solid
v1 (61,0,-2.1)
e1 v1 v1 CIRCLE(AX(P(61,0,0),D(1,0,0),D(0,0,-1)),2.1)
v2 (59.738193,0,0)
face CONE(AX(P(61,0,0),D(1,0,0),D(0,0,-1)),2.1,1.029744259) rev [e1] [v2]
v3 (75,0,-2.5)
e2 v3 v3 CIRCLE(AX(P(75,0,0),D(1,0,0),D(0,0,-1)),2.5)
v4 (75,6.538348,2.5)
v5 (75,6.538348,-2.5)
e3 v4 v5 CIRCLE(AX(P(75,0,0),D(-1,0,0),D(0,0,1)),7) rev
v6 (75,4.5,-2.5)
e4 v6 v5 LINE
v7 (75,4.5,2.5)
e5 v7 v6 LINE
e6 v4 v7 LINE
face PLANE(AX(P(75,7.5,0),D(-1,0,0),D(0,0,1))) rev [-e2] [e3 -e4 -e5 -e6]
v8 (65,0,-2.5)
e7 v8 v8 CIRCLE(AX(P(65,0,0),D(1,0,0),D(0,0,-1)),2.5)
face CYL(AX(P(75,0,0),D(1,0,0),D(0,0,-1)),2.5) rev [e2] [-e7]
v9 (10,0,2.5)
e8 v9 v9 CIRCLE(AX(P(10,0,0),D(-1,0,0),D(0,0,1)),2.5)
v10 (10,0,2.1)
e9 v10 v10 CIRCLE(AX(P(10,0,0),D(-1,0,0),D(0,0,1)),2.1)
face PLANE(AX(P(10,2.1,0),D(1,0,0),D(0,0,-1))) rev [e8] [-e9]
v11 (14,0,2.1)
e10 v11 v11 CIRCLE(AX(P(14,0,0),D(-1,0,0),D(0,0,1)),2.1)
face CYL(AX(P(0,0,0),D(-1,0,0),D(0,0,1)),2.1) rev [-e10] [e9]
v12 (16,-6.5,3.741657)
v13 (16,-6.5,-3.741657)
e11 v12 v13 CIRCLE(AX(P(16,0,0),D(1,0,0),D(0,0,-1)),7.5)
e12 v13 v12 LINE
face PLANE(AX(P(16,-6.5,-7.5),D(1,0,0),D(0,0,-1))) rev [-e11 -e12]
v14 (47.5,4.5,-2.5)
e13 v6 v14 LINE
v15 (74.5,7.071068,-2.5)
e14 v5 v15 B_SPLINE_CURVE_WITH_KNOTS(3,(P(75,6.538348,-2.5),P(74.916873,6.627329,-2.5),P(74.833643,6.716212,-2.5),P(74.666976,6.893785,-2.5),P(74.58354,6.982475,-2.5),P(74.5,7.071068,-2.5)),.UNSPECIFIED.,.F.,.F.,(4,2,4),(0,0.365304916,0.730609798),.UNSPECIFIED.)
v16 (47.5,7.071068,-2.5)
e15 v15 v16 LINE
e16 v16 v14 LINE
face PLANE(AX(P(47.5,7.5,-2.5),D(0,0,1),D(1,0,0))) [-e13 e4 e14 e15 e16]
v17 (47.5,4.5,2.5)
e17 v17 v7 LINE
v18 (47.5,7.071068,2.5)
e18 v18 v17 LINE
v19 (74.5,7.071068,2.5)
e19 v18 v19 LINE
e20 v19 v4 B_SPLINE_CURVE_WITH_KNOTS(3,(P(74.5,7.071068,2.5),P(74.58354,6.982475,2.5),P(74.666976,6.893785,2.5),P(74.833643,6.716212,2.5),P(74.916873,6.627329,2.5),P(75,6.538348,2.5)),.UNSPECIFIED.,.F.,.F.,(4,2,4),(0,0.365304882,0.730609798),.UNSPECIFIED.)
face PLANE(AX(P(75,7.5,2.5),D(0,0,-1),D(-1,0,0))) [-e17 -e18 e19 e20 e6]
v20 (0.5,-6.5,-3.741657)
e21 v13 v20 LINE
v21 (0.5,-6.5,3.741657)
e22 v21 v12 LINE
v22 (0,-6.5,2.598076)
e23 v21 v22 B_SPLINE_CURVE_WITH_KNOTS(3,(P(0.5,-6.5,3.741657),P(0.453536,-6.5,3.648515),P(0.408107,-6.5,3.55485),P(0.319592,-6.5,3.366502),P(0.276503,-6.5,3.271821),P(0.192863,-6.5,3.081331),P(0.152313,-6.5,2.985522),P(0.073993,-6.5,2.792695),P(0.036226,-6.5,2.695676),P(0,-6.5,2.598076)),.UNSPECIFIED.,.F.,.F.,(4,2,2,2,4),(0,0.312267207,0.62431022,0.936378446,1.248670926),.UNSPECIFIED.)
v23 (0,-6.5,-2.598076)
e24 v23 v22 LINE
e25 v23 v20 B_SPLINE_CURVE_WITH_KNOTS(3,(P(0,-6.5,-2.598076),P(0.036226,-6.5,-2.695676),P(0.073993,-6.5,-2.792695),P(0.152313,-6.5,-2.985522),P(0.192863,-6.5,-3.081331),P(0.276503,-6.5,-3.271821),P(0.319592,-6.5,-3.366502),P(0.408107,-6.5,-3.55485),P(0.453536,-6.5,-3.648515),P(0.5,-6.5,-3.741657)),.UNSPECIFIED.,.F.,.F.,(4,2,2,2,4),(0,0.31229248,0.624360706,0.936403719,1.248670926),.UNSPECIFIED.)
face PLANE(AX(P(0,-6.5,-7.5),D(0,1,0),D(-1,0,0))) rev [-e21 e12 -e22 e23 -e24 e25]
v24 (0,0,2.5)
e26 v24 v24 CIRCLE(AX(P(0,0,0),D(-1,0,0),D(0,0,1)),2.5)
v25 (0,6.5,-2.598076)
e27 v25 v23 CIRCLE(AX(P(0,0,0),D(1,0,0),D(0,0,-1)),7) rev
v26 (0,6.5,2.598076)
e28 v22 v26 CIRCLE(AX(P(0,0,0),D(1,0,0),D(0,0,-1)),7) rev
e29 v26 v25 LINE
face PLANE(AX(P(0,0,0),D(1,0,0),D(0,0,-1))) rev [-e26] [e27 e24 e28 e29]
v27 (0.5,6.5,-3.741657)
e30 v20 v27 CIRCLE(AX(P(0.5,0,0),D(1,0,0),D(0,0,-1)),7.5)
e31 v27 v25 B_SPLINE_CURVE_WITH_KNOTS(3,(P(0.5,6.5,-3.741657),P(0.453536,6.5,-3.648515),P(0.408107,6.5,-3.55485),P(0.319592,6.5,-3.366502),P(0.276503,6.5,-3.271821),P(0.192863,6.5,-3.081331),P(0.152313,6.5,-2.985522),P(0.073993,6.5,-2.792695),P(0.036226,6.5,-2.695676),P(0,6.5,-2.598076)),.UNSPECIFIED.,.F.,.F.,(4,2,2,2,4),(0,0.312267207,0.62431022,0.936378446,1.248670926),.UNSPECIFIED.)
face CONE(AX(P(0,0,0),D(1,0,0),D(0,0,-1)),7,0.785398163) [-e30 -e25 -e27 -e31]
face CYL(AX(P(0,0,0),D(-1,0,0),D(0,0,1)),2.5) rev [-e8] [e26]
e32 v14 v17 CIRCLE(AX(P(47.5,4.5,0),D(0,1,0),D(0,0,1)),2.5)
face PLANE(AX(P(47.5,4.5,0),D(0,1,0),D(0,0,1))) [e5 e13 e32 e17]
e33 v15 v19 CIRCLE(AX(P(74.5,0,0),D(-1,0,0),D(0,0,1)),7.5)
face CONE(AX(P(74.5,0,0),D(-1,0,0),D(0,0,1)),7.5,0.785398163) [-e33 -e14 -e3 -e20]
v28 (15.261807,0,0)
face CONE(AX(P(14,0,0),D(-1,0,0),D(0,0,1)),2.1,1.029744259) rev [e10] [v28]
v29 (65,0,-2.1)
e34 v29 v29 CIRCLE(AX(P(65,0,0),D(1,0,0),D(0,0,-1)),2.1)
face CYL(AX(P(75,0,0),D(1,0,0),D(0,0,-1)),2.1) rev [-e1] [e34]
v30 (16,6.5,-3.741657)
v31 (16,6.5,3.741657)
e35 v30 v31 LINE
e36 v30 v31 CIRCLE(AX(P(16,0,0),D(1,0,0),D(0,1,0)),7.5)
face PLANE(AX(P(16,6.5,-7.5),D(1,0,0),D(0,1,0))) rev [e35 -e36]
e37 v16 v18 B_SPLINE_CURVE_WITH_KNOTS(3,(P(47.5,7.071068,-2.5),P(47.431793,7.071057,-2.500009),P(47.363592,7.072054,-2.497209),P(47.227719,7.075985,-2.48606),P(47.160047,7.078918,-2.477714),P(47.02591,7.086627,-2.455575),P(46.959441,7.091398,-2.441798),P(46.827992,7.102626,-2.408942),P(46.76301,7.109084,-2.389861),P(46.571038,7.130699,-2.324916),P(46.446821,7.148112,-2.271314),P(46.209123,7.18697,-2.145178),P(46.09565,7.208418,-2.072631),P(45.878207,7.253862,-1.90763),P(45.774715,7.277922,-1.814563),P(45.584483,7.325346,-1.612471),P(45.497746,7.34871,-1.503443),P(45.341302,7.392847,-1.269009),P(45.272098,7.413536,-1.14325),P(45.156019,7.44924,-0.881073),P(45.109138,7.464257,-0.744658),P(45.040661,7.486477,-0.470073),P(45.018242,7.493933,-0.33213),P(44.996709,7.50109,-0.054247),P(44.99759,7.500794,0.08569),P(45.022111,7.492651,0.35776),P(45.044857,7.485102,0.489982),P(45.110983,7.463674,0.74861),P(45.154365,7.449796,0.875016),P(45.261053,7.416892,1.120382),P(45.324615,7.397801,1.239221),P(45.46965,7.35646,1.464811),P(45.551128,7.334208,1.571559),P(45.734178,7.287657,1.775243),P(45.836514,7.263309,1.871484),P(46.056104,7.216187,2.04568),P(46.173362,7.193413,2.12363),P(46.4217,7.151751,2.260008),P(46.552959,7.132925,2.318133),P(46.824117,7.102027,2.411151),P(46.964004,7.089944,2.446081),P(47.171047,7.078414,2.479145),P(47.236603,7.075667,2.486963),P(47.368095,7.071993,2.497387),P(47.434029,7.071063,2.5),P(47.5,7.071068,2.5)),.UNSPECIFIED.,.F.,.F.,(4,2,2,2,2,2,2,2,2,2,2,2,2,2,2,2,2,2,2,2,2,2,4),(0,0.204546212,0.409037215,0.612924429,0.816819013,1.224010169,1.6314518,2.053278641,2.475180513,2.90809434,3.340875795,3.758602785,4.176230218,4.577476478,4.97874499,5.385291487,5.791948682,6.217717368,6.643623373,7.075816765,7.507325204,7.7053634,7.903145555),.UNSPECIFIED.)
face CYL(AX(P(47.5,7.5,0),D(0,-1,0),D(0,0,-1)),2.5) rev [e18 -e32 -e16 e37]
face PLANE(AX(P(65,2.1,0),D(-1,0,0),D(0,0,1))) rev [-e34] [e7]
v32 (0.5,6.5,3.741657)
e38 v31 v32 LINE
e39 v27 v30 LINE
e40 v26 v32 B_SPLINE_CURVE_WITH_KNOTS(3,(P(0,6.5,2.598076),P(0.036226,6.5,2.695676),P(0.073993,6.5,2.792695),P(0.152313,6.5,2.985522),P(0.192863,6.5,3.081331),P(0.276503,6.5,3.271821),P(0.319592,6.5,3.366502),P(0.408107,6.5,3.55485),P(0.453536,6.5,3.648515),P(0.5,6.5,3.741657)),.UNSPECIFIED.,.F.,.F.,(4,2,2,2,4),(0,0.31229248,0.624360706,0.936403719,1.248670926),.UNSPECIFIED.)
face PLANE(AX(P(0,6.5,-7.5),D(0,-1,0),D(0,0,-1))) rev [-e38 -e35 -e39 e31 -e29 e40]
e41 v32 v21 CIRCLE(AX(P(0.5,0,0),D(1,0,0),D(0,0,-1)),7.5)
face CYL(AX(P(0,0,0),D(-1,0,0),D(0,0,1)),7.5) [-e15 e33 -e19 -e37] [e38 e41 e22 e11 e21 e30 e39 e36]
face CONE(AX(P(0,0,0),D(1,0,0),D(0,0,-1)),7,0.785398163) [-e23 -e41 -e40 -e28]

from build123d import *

# Parameters (mm, degrees)
SKETCH_2_W                     = 75
SKETCH_2_H                     = 7.5
CUT_EXTRUDE_START              = 4.5
CUT_EXTRUDE_1_DEPTH            = 72.246287038
CUT_EXTRUDE_2_DEPTH            = 76.746287157
CUT_EXTRUDE_2_DEPTH_BACK       = 76.746287157
SKETCH_4_W                     = 16
SKETCH_4_H                     = 1
M5X0_8_1_D                     = 4.2
M5X0_8_1_DEPTH                 = 14
M5X0_8_1_CBORE_D               = 5
M5X0_8_1_CBORE_DEPTH           = 10
M5X0_8_1_TIP                   = 1.2618073
M5X0_8_1_ON_FACE_2_D           = 4.2
M5X0_8_1_ON_FACE_2_DEPTH       = 14
M5X0_8_1_ON_FACE_2_CBORE_D     = 5
M5X0_8_1_ON_FACE_2_CBORE_DEPTH = 10
M5X0_8_1_ON_FACE_2_TIP         = 1.2618073
CHAMFER_1_SIZE                 = 0.5


with BuildPart() as part:
    # ｽｹｯﾁ2 → 回転1 (revolve)
    with BuildSketch(Plane.XY, mode=Mode.PRIVATE) as revolve_1_sk:
        with Locations((37.5, 3.75)):
            Rectangle(SKETCH_2_W, SKETCH_2_H)
    revolve(revolve_1_sk.sketch.rotate(Axis((0, 0, 0), (1, 0, 0)), 90), axis=Axis((0, 0, 0), (1, 0, 0)))

    # ｽｹｯﾁ3 → ｶｯﾄ - 押し出し1 (cut, through all)
    with BuildSketch(Plane(origin=(0, 0, 0), x_dir=(1, 0, 0), z_dir=(0, 1, 0)).offset(CUT_EXTRUDE_START)):
        with BuildLine():
            Line((47.5, 2.5), (75, 2.5))
            Line((75, 2.5), (75, -2.5))
            Line((75, -2.5), (47.5, -2.5))
            ThreePointArc((47.5, -2.5), (45, 0), (47.5, 2.5))
        make_face()
    extrude(amount=CUT_EXTRUDE_1_DEPTH, mode=Mode.SUBTRACT)

    # ｽｹｯﾁ4 → ｶｯﾄ - 押し出し2 (cut, two sides: drawn at the far end of the back side and taken through both)
    with BuildSketch(Plane.XY.offset(-CUT_EXTRUDE_2_DEPTH_BACK)):
        with Locations((8, 7)):
            Rectangle(SKETCH_4_W, SKETCH_4_H)
        with Locations((8, -7)):
            Rectangle(SKETCH_4_W, SKETCH_4_H)
    extrude(amount=CUT_EXTRUDE_2_DEPTH + CUT_EXTRUDE_2_DEPTH_BACK, mode=Mode.SUBTRACT)

    # M5x0.8 ねじ穴1
    with Locations(Plane(origin=(0, 0, 0), x_dir=(0, 0, -1), z_dir=(-1, 0, 0))):
        with Locations((0, 0)):
            CounterBoreHole(M5X0_8_1_D / 2, M5X0_8_1_CBORE_D / 2, M5X0_8_1_CBORE_DEPTH, depth=M5X0_8_1_DEPTH)
            with Locations((0, 0, -(M5X0_8_1_DEPTH + M5X0_8_1_TIP / 2))):  # 118° drill point
                Cone(0, M5X0_8_1_D / 2, M5X0_8_1_TIP, mode=Mode.SUBTRACT)

    # M5x0.8 ねじ穴1 on face 2
    with Locations(Plane(origin=(75, 0, 0), x_dir=(0, 0, 1), z_dir=(1, 0, 0))):
        with Locations((0, 0)):
            CounterBoreHole(M5X0_8_1_ON_FACE_2_D / 2, M5X0_8_1_ON_FACE_2_CBORE_D / 2, M5X0_8_1_ON_FACE_2_CBORE_DEPTH, depth=M5X0_8_1_ON_FACE_2_DEPTH)
            with Locations((0, 0, -(M5X0_8_1_ON_FACE_2_DEPTH + M5X0_8_1_ON_FACE_2_TIP / 2))):  # 118° drill point
                Cone(0, M5X0_8_1_ON_FACE_2_D / 2, M5X0_8_1_ON_FACE_2_TIP, mode=Mode.SUBTRACT)

    # 面取り1
    chamfer_1_edges = [part.edges().sort_by_distance(p)[0] for p in [
        (0, 0, -7.5),
        (0, -3.754168989, 6.492781777),
        (75, -6.123724357, -4.330127019),
    ]]
    chamfer(chamfer_1_edges, length=CHAMFER_1_SIZE)


solid = part.part
